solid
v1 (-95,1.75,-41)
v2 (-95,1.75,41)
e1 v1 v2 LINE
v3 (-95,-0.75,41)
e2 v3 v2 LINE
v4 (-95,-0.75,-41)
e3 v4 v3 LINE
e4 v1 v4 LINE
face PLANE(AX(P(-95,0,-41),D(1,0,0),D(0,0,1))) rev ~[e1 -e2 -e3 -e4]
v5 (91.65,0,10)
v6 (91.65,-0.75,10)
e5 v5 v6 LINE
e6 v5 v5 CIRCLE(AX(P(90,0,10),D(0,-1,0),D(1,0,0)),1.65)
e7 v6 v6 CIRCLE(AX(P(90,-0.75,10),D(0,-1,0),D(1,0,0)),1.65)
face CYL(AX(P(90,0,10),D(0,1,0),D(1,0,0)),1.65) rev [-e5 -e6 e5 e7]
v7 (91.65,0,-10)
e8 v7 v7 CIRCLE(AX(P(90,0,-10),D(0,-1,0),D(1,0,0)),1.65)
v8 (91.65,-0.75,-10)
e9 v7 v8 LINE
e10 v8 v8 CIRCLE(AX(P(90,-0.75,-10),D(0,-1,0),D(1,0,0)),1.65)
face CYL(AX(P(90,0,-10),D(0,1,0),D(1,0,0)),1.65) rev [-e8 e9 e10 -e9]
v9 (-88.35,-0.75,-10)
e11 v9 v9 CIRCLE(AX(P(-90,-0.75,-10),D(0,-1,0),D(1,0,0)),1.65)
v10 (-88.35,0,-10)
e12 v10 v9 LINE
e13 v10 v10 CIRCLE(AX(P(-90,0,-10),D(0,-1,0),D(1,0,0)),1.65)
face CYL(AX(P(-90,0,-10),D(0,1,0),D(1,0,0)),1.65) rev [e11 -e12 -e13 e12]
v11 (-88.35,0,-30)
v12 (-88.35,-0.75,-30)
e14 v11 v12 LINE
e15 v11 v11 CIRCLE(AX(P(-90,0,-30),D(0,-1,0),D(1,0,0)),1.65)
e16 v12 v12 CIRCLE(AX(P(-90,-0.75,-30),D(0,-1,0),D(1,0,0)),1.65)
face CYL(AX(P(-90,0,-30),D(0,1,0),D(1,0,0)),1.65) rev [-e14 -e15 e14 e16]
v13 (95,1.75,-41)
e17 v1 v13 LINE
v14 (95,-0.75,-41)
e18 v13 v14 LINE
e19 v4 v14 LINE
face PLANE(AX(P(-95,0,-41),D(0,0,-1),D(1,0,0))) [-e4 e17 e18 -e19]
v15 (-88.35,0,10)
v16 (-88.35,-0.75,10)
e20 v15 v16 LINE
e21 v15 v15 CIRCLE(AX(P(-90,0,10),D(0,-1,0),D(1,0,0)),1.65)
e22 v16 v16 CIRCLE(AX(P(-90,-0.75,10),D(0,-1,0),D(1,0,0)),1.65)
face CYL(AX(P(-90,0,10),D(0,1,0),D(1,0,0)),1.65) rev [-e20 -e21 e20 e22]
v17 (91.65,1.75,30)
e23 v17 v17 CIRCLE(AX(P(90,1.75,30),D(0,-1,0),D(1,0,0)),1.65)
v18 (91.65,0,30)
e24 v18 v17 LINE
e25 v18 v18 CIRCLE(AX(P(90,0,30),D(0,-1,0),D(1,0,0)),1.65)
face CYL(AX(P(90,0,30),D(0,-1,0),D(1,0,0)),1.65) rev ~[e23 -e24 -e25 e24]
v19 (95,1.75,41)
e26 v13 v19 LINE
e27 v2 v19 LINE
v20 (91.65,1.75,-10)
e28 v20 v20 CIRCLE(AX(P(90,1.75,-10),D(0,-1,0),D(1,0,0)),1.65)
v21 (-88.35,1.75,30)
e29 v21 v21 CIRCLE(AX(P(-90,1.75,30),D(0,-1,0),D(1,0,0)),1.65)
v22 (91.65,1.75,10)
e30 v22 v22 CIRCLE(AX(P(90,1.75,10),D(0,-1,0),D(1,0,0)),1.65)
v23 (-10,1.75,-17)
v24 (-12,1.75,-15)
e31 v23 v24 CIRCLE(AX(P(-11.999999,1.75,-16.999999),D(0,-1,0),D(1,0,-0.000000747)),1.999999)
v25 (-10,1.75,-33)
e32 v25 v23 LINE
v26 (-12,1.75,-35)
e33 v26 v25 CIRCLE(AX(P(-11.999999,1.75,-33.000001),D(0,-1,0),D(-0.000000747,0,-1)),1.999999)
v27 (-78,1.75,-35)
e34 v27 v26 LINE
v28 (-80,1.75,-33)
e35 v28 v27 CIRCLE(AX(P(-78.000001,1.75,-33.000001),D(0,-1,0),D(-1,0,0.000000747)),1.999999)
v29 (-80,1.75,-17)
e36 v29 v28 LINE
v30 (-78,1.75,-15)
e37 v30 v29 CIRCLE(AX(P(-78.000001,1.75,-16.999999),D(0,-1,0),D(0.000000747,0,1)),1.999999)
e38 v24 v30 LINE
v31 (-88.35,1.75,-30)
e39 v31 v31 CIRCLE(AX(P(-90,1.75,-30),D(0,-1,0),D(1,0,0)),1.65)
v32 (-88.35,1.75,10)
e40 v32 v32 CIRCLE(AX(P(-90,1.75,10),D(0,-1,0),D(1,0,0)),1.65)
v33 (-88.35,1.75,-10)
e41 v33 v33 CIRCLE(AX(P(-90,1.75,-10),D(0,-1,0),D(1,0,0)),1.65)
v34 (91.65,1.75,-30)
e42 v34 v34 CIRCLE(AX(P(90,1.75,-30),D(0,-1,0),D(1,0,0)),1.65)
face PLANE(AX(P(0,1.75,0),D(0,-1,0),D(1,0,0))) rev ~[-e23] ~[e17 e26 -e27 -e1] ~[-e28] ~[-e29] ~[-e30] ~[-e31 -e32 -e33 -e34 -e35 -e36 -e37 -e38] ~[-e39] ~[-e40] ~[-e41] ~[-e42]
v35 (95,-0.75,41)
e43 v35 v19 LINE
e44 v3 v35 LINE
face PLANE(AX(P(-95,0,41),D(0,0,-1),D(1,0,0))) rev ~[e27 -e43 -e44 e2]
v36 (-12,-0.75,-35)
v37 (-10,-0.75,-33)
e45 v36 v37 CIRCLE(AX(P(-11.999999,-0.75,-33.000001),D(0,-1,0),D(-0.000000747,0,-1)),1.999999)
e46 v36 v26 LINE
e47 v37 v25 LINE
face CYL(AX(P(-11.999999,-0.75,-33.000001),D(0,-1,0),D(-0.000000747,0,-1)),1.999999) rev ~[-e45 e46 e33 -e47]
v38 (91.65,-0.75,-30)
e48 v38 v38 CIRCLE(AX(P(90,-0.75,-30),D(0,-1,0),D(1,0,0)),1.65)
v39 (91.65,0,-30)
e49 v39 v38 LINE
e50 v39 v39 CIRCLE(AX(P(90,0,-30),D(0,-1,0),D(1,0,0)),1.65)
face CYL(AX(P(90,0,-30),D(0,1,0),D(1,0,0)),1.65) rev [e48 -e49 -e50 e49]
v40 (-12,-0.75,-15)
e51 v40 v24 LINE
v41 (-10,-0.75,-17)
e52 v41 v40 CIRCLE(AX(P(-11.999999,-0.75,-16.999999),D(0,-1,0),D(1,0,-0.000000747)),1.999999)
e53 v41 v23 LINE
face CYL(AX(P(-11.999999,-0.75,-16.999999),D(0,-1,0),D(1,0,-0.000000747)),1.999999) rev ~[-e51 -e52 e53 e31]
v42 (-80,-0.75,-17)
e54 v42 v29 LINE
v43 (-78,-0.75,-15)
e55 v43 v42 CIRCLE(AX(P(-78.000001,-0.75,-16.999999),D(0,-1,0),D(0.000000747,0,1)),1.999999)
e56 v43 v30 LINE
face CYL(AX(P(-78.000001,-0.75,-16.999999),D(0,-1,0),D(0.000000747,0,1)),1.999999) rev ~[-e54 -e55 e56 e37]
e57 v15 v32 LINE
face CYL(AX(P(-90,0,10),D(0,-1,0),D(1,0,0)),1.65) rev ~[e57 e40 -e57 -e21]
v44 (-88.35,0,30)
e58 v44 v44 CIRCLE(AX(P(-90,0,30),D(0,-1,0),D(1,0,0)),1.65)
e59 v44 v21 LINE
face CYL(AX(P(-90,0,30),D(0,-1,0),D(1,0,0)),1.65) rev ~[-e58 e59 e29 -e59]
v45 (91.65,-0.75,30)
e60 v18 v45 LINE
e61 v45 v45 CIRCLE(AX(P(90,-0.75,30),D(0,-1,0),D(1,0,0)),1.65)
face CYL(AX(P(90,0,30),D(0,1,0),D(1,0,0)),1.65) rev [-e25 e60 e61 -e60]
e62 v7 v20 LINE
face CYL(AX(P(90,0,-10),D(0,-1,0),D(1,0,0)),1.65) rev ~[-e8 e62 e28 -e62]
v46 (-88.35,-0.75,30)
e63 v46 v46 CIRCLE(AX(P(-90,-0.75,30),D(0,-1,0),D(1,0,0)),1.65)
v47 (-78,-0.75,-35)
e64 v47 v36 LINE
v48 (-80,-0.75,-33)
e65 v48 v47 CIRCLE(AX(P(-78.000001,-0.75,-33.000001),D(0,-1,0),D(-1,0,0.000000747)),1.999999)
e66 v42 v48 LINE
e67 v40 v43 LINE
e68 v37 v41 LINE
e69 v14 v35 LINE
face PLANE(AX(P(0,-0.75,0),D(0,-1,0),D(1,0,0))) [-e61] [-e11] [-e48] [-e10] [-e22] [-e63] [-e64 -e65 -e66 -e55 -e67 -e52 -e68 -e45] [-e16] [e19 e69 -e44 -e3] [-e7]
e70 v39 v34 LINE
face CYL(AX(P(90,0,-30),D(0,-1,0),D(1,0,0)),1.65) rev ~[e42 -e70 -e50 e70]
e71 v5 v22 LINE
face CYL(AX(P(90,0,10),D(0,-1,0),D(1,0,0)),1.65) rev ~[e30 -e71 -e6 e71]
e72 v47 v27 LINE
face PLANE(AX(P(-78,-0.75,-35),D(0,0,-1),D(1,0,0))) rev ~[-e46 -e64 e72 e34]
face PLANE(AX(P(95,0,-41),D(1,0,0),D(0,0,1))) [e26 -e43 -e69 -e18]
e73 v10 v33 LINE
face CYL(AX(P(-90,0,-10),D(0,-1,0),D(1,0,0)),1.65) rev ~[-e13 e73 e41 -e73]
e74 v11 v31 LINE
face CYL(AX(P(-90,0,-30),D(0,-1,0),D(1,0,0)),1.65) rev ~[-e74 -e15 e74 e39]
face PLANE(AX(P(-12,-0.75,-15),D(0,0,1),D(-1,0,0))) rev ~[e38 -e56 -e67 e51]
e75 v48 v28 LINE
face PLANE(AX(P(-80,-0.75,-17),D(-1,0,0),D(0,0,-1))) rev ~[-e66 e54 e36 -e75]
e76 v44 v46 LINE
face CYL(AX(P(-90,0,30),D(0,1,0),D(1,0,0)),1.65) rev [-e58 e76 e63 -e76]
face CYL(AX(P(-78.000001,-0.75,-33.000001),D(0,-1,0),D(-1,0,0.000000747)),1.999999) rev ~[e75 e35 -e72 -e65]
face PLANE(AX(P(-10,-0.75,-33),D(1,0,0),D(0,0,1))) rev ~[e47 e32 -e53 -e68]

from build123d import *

# Parameters (mm, degrees)
SKETCH_W       = 190
SKETCH_H       = 82
SKETCH_R       = 1.65
PAD_DEPTH      = 0.75
PAD_DEPTH_BACK = 1.75
POCKET_DEPTH   = 5


with BuildPart() as part:
    # Sketch → Pad (new body, two sides)
    with BuildSketch(Plane.XZ) as pad_sk:
        Rectangle(SKETCH_W, SKETCH_H)
        with Locations((90, 30)):
            Circle(SKETCH_R, mode=Mode.SUBTRACT)
        with Locations((90, 10)):
            Circle(SKETCH_R, mode=Mode.SUBTRACT)
        with Locations((90, -30)):
            Circle(SKETCH_R, mode=Mode.SUBTRACT)
        with Locations((90, -10)):
            Circle(SKETCH_R, mode=Mode.SUBTRACT)
        with Locations((-90, 30)):
            Circle(SKETCH_R, mode=Mode.SUBTRACT)
        with Locations((-90, 10)):
            Circle(SKETCH_R, mode=Mode.SUBTRACT)
        with Locations((-90, -30)):
            Circle(SKETCH_R, mode=Mode.SUBTRACT)
        with Locations((-90, -10)):
            Circle(SKETCH_R, mode=Mode.SUBTRACT)
    extrude(amount=PAD_DEPTH)
    extrude(pad_sk.sketch, amount=-PAD_DEPTH_BACK)

    # Sketch001 → Pocket (cut)
    with BuildSketch(Plane.XZ.offset(0.75)):
        with BuildLine():
            Line((-80, -17), (-80, -33))
            ThreePointArc((-80, -33), (-79.414214, -34.414214), (-78, -35))
            Line((-78, -35), (-12, -35))
            ThreePointArc((-12, -35), (-10.585786, -34.414214), (-10, -33))
            Line((-10, -33), (-10, -17))
            ThreePointArc((-10, -17), (-10.585786, -15.585786), (-12, -15))
            Line((-12, -15), (-78, -15))
            ThreePointArc((-78, -15), (-79.414214, -15.585786), (-80, -17))
        make_face()
    extrude(amount=-POCKET_DEPTH, mode=Mode.SUBTRACT)


solid = part.part
